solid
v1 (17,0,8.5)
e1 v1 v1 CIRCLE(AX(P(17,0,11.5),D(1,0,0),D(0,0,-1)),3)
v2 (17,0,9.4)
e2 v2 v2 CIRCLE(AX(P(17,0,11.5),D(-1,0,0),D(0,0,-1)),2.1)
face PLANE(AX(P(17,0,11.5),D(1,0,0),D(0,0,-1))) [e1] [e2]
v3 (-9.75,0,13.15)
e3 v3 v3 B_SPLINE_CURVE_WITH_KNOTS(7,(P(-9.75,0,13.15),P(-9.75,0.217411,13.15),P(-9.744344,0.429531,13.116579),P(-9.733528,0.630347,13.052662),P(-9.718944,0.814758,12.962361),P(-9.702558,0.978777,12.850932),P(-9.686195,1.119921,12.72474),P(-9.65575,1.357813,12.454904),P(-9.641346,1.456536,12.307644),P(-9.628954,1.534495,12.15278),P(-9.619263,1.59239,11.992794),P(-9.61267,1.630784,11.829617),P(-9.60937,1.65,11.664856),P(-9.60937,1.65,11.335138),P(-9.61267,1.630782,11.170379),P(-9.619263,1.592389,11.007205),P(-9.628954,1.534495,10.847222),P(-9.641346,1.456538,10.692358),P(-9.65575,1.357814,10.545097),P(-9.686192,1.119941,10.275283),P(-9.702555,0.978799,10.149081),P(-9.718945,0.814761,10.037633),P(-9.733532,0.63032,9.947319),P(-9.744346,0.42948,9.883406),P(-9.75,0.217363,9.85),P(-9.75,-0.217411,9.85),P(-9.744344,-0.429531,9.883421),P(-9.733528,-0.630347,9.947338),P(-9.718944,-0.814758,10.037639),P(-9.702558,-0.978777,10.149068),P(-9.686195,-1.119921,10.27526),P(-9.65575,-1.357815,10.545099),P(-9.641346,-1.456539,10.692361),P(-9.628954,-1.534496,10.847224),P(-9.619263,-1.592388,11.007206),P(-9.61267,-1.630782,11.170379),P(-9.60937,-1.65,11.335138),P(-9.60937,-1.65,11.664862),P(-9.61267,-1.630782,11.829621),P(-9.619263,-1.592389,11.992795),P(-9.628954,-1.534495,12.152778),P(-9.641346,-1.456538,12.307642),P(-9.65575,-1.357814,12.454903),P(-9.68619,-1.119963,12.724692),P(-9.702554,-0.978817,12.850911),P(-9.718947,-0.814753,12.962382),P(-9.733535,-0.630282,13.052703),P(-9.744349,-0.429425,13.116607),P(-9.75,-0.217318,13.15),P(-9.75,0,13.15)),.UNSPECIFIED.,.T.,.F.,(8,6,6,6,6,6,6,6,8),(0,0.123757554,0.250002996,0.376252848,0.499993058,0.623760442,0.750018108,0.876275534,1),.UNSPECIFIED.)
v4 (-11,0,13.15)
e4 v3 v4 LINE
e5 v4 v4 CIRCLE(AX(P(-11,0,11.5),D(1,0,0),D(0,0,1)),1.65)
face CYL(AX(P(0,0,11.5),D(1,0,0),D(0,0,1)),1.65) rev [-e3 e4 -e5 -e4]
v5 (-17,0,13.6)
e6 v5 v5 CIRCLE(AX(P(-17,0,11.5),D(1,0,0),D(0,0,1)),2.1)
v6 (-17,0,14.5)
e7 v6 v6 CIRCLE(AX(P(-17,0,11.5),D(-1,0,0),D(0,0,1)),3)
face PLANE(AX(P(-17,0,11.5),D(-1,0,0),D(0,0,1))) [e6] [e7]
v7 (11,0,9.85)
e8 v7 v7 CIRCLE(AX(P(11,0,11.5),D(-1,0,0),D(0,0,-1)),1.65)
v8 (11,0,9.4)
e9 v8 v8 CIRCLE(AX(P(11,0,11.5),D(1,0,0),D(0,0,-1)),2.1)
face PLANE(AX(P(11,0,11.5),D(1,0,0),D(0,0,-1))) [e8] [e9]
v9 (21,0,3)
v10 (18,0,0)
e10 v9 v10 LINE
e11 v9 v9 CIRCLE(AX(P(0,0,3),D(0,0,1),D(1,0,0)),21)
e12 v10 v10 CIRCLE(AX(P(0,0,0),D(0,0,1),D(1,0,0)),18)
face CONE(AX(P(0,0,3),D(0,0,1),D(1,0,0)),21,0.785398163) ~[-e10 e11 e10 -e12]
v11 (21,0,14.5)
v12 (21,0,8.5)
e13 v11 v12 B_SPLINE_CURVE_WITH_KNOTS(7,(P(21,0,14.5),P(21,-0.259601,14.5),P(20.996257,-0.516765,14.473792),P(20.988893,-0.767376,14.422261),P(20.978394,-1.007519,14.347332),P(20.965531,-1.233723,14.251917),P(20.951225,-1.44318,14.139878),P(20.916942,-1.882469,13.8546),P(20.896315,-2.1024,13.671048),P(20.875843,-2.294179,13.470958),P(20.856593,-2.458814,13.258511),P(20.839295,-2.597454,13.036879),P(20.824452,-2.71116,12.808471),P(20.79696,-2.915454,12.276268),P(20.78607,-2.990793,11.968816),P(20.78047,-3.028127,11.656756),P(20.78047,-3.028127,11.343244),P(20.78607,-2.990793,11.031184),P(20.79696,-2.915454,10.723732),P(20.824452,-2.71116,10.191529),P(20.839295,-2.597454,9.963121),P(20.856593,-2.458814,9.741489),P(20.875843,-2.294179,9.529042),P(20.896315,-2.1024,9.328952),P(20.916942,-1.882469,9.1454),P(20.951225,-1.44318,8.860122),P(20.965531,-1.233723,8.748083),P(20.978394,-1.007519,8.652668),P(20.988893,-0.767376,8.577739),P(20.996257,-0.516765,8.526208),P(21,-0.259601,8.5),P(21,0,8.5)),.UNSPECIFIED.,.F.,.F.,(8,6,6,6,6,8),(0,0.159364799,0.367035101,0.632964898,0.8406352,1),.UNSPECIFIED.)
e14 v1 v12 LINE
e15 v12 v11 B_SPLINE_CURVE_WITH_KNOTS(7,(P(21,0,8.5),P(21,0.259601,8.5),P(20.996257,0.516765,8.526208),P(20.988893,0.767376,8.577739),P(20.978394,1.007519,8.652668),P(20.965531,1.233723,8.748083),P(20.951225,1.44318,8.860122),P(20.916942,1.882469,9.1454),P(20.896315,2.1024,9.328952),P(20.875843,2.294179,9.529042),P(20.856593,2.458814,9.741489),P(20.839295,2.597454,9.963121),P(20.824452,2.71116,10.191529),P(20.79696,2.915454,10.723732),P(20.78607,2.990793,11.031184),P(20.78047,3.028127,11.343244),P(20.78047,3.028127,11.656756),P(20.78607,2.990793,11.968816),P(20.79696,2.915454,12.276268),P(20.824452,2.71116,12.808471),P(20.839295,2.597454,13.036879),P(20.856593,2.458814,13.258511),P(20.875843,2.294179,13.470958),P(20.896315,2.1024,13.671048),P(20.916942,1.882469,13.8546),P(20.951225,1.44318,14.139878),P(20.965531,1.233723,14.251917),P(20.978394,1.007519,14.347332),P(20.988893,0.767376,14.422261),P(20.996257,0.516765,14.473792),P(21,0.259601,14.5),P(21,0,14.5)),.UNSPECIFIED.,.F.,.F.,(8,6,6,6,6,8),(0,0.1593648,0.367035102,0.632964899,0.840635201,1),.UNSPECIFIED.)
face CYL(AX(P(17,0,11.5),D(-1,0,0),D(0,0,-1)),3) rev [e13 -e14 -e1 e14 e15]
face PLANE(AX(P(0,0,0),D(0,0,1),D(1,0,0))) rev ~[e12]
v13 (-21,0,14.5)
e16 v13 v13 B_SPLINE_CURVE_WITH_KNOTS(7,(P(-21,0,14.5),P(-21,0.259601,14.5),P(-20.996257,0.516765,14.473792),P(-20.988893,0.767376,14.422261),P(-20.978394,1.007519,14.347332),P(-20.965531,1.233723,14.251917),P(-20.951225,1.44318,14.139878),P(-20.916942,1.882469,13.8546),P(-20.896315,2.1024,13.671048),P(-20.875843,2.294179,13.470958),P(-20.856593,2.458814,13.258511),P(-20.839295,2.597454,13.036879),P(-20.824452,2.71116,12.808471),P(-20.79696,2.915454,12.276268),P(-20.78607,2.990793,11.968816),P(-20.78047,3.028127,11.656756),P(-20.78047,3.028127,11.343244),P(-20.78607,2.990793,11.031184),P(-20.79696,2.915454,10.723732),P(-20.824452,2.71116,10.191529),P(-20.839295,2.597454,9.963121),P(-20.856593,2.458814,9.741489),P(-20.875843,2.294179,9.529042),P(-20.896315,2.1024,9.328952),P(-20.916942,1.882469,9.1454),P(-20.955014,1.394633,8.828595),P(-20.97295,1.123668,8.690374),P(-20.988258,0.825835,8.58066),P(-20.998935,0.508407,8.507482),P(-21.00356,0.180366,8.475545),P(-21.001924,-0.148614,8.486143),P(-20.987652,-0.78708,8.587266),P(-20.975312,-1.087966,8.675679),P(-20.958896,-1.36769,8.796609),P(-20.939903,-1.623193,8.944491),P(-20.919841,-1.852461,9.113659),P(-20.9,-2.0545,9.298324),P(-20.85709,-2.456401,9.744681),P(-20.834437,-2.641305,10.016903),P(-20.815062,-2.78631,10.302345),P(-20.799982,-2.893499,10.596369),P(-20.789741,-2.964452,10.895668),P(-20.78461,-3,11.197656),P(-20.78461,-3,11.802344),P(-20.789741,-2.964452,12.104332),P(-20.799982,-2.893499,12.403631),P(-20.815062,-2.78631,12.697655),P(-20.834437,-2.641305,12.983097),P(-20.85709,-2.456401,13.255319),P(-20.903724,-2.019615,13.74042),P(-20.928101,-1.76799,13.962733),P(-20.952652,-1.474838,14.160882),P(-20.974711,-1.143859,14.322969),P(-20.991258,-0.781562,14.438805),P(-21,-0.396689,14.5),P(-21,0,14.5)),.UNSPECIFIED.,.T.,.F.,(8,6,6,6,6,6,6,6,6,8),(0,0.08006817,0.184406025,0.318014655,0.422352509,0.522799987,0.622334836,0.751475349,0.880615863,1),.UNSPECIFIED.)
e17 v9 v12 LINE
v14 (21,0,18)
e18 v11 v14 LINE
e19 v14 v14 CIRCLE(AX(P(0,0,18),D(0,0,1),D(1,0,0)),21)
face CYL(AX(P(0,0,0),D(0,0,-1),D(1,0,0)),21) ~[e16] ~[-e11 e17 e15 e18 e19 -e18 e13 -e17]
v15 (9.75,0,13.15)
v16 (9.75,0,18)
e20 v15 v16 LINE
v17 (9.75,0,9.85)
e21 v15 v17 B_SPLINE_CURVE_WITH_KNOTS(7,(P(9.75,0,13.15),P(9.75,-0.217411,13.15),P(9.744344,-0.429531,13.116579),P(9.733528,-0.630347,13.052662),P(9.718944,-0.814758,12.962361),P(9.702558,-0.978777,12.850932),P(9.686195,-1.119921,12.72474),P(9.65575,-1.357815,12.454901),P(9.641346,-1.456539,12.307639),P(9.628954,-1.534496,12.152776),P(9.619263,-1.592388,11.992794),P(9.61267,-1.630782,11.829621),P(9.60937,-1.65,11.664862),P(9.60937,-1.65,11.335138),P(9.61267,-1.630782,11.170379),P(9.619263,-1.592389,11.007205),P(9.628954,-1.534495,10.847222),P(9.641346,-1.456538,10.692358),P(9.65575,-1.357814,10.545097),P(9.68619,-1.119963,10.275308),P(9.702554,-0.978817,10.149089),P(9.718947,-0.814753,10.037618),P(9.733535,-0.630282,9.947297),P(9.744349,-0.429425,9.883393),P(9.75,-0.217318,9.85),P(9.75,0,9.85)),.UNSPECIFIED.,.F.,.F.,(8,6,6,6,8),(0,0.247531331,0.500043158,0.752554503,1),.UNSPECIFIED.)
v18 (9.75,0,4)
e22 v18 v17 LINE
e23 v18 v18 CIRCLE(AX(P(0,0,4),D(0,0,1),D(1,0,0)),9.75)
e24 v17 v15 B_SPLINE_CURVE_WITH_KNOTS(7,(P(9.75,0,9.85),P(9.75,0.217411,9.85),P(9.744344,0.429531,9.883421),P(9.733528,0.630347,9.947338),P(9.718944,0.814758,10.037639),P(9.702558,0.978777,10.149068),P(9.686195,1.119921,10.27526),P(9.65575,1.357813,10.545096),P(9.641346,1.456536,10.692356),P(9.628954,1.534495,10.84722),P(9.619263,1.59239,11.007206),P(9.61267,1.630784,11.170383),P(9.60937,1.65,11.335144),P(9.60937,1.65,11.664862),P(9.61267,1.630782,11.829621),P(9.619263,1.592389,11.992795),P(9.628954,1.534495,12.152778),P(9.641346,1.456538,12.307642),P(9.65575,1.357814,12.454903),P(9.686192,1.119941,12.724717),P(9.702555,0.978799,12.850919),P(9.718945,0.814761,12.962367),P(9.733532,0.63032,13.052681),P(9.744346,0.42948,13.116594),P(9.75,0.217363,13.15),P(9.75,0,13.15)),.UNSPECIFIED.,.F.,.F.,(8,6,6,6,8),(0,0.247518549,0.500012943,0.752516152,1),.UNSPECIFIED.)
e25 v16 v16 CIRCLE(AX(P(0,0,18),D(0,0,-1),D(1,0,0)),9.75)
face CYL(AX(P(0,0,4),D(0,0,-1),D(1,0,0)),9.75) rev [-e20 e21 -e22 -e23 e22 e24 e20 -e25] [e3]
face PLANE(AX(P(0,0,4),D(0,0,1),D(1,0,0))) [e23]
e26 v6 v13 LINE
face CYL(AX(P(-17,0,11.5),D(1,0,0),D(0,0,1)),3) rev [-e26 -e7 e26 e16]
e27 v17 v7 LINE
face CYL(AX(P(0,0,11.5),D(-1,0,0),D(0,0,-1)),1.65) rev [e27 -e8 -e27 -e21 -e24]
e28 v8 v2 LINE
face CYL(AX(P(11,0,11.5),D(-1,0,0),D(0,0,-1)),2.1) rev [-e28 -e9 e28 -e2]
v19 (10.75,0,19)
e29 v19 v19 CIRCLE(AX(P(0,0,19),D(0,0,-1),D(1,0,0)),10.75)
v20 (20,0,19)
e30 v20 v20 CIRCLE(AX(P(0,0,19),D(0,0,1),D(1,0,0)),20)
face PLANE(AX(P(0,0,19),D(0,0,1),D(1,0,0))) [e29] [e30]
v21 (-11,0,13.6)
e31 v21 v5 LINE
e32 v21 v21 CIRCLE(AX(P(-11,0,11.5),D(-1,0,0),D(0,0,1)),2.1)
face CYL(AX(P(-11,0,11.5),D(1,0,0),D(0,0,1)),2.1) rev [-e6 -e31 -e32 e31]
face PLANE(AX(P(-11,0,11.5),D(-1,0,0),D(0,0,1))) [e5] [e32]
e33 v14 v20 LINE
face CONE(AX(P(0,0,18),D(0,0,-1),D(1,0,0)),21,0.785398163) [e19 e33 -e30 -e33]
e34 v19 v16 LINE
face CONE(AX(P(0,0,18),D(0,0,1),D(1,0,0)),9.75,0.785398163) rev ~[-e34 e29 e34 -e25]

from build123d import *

# Parameters (mm, degrees)
CYLINDER035009009_R     = 3
CYLINDER035009009_DEPTH = 35
CYLINDER035009013_R     = 2.1
CYLINDER035009013_DEPTH = 35
CYLINDER035009014_R     = 2.1
CYLINDER035009014_DEPTH = 35
CYLINDER035009011_R     = 1.65
CYLINDER035009011_DEPTH = 35
CYLINDER035009012_R     = 1.65
CYLINDER035009012_DEPTH = 35
CYLINDER035009010_R     = 3
CYLINDER035009010_DEPTH = 35
CYLINDER035009007_R     = 9.75
CYLINDER035009007_DEPTH = 20
CYLINDER035009008_R     = 21
CYLINDER035009008_DEPTH = 19
CHAMFER023_SIZE         = 3
CHAMFER024_SIZE         = 1


with BuildPart() as cylinder053:
    # Cylinder035009009 → Cylinder035009009 (new body)
    with BuildSketch(Plane(origin=(-17, 0, 12), x_dir=(0, 0, 1), z_dir=(-1, 0, 0))):
        Circle(CYLINDER035009009_R)
    extrude(amount=CYLINDER035009009_DEPTH)


with BuildPart() as cylinder057:
    # Cylinder035009013 → Cylinder035009013 (new body)
    with BuildSketch(Plane(origin=(11, 0, 12), x_dir=(0, 0, -1), z_dir=(1, 0, 0))):
        Circle(CYLINDER035009013_R)
    extrude(amount=CYLINDER035009013_DEPTH)


with BuildPart() as fusion003012002009:
    # Cylinder035009014 → Cylinder035009014 (new body)
    with BuildSketch(Plane(origin=(-11, 0, 12), x_dir=(0, 0, 1), z_dir=(-1, 0, 0))):
        Circle(CYLINDER035009014_R)
    extrude(amount=CYLINDER035009014_DEPTH)

    # Fusion003012002009: union Cylinder057
    add(cylinder057.part)


with BuildPart() as cylinder055:
    # Cylinder035009011 → Cylinder035009011 (new body)
    with BuildSketch(Plane(origin=(0, 0, 12), x_dir=(0, 0, -1), z_dir=(1, 0, 0))):
        Circle(CYLINDER035009011_R)
    extrude(amount=CYLINDER035009011_DEPTH)


with BuildPart() as fusion003012002008:
    # Cylinder035009012 → Cylinder035009012 (new body)
    with BuildSketch(Plane(origin=(0, 0, 12), x_dir=(0, 0, 1), z_dir=(-1, 0, 0))):
        Circle(CYLINDER035009012_R)
    extrude(amount=CYLINDER035009012_DEPTH)

    # Fusion003012002008: union Cylinder055
    add(cylinder055.part)


with BuildPart() as fusion003012002010:
    # Cylinder035009010 → Cylinder035009010 (new body)
    with BuildSketch(Plane(origin=(17, 0, 12), x_dir=(0, 0, -1), z_dir=(1, 0, 0))):
        Circle(CYLINDER035009010_R)
    extrude(amount=CYLINDER035009010_DEPTH)

    # Fusion003012002010: union Cylinder053, Fusion003012002009, Fusion003012002008
    add(cylinder053.part)
    add(fusion003012002009.part)
    add(fusion003012002008.part)


with BuildPart() as fusion003012002010_1:
    # Fusion003012002010 placement: moved
    add(fusion003012002010.part.moved(Location((0, 0, -0.5))))


with BuildPart() as cylinder051:
    # Cylinder035009007 → Cylinder035009007 (new body)
    with BuildSketch(Plane.XY.offset(4)):
        Circle(CYLINDER035009007_R)
    extrude(amount=CYLINDER035009007_DEPTH)


with BuildPart() as chamfer024:
    # Cylinder035009008 → Cylinder035009008 (new body)
    with BuildSketch(Plane.XY):
        Circle(CYLINDER035009008_R)
    extrude(amount=CYLINDER035009008_DEPTH)

    # Cut048003: cut Cylinder051
    add(cylinder051.part, mode=Mode.SUBTRACT)

    # Cut048004: cut Fusion003012002010
    add(fusion003012002010_1.part, mode=Mode.SUBTRACT)

    # Chamfer023
    chamfer023_edges = [chamfer024.edges().sort_by_distance(p)[0] for p in [
        (-21, 0, 0),
    ]]
    chamfer(chamfer023_edges, length=CHAMFER023_SIZE)

    # Chamfer024
    chamfer024_edges = [chamfer024.edges().sort_by_distance(p)[0] for p in [
        (-21, 0, 19),
        (-9.75, 0, 19),
    ]]
    chamfer(chamfer024_edges, length=CHAMFER024_SIZE)


solid = chamfer024.part
